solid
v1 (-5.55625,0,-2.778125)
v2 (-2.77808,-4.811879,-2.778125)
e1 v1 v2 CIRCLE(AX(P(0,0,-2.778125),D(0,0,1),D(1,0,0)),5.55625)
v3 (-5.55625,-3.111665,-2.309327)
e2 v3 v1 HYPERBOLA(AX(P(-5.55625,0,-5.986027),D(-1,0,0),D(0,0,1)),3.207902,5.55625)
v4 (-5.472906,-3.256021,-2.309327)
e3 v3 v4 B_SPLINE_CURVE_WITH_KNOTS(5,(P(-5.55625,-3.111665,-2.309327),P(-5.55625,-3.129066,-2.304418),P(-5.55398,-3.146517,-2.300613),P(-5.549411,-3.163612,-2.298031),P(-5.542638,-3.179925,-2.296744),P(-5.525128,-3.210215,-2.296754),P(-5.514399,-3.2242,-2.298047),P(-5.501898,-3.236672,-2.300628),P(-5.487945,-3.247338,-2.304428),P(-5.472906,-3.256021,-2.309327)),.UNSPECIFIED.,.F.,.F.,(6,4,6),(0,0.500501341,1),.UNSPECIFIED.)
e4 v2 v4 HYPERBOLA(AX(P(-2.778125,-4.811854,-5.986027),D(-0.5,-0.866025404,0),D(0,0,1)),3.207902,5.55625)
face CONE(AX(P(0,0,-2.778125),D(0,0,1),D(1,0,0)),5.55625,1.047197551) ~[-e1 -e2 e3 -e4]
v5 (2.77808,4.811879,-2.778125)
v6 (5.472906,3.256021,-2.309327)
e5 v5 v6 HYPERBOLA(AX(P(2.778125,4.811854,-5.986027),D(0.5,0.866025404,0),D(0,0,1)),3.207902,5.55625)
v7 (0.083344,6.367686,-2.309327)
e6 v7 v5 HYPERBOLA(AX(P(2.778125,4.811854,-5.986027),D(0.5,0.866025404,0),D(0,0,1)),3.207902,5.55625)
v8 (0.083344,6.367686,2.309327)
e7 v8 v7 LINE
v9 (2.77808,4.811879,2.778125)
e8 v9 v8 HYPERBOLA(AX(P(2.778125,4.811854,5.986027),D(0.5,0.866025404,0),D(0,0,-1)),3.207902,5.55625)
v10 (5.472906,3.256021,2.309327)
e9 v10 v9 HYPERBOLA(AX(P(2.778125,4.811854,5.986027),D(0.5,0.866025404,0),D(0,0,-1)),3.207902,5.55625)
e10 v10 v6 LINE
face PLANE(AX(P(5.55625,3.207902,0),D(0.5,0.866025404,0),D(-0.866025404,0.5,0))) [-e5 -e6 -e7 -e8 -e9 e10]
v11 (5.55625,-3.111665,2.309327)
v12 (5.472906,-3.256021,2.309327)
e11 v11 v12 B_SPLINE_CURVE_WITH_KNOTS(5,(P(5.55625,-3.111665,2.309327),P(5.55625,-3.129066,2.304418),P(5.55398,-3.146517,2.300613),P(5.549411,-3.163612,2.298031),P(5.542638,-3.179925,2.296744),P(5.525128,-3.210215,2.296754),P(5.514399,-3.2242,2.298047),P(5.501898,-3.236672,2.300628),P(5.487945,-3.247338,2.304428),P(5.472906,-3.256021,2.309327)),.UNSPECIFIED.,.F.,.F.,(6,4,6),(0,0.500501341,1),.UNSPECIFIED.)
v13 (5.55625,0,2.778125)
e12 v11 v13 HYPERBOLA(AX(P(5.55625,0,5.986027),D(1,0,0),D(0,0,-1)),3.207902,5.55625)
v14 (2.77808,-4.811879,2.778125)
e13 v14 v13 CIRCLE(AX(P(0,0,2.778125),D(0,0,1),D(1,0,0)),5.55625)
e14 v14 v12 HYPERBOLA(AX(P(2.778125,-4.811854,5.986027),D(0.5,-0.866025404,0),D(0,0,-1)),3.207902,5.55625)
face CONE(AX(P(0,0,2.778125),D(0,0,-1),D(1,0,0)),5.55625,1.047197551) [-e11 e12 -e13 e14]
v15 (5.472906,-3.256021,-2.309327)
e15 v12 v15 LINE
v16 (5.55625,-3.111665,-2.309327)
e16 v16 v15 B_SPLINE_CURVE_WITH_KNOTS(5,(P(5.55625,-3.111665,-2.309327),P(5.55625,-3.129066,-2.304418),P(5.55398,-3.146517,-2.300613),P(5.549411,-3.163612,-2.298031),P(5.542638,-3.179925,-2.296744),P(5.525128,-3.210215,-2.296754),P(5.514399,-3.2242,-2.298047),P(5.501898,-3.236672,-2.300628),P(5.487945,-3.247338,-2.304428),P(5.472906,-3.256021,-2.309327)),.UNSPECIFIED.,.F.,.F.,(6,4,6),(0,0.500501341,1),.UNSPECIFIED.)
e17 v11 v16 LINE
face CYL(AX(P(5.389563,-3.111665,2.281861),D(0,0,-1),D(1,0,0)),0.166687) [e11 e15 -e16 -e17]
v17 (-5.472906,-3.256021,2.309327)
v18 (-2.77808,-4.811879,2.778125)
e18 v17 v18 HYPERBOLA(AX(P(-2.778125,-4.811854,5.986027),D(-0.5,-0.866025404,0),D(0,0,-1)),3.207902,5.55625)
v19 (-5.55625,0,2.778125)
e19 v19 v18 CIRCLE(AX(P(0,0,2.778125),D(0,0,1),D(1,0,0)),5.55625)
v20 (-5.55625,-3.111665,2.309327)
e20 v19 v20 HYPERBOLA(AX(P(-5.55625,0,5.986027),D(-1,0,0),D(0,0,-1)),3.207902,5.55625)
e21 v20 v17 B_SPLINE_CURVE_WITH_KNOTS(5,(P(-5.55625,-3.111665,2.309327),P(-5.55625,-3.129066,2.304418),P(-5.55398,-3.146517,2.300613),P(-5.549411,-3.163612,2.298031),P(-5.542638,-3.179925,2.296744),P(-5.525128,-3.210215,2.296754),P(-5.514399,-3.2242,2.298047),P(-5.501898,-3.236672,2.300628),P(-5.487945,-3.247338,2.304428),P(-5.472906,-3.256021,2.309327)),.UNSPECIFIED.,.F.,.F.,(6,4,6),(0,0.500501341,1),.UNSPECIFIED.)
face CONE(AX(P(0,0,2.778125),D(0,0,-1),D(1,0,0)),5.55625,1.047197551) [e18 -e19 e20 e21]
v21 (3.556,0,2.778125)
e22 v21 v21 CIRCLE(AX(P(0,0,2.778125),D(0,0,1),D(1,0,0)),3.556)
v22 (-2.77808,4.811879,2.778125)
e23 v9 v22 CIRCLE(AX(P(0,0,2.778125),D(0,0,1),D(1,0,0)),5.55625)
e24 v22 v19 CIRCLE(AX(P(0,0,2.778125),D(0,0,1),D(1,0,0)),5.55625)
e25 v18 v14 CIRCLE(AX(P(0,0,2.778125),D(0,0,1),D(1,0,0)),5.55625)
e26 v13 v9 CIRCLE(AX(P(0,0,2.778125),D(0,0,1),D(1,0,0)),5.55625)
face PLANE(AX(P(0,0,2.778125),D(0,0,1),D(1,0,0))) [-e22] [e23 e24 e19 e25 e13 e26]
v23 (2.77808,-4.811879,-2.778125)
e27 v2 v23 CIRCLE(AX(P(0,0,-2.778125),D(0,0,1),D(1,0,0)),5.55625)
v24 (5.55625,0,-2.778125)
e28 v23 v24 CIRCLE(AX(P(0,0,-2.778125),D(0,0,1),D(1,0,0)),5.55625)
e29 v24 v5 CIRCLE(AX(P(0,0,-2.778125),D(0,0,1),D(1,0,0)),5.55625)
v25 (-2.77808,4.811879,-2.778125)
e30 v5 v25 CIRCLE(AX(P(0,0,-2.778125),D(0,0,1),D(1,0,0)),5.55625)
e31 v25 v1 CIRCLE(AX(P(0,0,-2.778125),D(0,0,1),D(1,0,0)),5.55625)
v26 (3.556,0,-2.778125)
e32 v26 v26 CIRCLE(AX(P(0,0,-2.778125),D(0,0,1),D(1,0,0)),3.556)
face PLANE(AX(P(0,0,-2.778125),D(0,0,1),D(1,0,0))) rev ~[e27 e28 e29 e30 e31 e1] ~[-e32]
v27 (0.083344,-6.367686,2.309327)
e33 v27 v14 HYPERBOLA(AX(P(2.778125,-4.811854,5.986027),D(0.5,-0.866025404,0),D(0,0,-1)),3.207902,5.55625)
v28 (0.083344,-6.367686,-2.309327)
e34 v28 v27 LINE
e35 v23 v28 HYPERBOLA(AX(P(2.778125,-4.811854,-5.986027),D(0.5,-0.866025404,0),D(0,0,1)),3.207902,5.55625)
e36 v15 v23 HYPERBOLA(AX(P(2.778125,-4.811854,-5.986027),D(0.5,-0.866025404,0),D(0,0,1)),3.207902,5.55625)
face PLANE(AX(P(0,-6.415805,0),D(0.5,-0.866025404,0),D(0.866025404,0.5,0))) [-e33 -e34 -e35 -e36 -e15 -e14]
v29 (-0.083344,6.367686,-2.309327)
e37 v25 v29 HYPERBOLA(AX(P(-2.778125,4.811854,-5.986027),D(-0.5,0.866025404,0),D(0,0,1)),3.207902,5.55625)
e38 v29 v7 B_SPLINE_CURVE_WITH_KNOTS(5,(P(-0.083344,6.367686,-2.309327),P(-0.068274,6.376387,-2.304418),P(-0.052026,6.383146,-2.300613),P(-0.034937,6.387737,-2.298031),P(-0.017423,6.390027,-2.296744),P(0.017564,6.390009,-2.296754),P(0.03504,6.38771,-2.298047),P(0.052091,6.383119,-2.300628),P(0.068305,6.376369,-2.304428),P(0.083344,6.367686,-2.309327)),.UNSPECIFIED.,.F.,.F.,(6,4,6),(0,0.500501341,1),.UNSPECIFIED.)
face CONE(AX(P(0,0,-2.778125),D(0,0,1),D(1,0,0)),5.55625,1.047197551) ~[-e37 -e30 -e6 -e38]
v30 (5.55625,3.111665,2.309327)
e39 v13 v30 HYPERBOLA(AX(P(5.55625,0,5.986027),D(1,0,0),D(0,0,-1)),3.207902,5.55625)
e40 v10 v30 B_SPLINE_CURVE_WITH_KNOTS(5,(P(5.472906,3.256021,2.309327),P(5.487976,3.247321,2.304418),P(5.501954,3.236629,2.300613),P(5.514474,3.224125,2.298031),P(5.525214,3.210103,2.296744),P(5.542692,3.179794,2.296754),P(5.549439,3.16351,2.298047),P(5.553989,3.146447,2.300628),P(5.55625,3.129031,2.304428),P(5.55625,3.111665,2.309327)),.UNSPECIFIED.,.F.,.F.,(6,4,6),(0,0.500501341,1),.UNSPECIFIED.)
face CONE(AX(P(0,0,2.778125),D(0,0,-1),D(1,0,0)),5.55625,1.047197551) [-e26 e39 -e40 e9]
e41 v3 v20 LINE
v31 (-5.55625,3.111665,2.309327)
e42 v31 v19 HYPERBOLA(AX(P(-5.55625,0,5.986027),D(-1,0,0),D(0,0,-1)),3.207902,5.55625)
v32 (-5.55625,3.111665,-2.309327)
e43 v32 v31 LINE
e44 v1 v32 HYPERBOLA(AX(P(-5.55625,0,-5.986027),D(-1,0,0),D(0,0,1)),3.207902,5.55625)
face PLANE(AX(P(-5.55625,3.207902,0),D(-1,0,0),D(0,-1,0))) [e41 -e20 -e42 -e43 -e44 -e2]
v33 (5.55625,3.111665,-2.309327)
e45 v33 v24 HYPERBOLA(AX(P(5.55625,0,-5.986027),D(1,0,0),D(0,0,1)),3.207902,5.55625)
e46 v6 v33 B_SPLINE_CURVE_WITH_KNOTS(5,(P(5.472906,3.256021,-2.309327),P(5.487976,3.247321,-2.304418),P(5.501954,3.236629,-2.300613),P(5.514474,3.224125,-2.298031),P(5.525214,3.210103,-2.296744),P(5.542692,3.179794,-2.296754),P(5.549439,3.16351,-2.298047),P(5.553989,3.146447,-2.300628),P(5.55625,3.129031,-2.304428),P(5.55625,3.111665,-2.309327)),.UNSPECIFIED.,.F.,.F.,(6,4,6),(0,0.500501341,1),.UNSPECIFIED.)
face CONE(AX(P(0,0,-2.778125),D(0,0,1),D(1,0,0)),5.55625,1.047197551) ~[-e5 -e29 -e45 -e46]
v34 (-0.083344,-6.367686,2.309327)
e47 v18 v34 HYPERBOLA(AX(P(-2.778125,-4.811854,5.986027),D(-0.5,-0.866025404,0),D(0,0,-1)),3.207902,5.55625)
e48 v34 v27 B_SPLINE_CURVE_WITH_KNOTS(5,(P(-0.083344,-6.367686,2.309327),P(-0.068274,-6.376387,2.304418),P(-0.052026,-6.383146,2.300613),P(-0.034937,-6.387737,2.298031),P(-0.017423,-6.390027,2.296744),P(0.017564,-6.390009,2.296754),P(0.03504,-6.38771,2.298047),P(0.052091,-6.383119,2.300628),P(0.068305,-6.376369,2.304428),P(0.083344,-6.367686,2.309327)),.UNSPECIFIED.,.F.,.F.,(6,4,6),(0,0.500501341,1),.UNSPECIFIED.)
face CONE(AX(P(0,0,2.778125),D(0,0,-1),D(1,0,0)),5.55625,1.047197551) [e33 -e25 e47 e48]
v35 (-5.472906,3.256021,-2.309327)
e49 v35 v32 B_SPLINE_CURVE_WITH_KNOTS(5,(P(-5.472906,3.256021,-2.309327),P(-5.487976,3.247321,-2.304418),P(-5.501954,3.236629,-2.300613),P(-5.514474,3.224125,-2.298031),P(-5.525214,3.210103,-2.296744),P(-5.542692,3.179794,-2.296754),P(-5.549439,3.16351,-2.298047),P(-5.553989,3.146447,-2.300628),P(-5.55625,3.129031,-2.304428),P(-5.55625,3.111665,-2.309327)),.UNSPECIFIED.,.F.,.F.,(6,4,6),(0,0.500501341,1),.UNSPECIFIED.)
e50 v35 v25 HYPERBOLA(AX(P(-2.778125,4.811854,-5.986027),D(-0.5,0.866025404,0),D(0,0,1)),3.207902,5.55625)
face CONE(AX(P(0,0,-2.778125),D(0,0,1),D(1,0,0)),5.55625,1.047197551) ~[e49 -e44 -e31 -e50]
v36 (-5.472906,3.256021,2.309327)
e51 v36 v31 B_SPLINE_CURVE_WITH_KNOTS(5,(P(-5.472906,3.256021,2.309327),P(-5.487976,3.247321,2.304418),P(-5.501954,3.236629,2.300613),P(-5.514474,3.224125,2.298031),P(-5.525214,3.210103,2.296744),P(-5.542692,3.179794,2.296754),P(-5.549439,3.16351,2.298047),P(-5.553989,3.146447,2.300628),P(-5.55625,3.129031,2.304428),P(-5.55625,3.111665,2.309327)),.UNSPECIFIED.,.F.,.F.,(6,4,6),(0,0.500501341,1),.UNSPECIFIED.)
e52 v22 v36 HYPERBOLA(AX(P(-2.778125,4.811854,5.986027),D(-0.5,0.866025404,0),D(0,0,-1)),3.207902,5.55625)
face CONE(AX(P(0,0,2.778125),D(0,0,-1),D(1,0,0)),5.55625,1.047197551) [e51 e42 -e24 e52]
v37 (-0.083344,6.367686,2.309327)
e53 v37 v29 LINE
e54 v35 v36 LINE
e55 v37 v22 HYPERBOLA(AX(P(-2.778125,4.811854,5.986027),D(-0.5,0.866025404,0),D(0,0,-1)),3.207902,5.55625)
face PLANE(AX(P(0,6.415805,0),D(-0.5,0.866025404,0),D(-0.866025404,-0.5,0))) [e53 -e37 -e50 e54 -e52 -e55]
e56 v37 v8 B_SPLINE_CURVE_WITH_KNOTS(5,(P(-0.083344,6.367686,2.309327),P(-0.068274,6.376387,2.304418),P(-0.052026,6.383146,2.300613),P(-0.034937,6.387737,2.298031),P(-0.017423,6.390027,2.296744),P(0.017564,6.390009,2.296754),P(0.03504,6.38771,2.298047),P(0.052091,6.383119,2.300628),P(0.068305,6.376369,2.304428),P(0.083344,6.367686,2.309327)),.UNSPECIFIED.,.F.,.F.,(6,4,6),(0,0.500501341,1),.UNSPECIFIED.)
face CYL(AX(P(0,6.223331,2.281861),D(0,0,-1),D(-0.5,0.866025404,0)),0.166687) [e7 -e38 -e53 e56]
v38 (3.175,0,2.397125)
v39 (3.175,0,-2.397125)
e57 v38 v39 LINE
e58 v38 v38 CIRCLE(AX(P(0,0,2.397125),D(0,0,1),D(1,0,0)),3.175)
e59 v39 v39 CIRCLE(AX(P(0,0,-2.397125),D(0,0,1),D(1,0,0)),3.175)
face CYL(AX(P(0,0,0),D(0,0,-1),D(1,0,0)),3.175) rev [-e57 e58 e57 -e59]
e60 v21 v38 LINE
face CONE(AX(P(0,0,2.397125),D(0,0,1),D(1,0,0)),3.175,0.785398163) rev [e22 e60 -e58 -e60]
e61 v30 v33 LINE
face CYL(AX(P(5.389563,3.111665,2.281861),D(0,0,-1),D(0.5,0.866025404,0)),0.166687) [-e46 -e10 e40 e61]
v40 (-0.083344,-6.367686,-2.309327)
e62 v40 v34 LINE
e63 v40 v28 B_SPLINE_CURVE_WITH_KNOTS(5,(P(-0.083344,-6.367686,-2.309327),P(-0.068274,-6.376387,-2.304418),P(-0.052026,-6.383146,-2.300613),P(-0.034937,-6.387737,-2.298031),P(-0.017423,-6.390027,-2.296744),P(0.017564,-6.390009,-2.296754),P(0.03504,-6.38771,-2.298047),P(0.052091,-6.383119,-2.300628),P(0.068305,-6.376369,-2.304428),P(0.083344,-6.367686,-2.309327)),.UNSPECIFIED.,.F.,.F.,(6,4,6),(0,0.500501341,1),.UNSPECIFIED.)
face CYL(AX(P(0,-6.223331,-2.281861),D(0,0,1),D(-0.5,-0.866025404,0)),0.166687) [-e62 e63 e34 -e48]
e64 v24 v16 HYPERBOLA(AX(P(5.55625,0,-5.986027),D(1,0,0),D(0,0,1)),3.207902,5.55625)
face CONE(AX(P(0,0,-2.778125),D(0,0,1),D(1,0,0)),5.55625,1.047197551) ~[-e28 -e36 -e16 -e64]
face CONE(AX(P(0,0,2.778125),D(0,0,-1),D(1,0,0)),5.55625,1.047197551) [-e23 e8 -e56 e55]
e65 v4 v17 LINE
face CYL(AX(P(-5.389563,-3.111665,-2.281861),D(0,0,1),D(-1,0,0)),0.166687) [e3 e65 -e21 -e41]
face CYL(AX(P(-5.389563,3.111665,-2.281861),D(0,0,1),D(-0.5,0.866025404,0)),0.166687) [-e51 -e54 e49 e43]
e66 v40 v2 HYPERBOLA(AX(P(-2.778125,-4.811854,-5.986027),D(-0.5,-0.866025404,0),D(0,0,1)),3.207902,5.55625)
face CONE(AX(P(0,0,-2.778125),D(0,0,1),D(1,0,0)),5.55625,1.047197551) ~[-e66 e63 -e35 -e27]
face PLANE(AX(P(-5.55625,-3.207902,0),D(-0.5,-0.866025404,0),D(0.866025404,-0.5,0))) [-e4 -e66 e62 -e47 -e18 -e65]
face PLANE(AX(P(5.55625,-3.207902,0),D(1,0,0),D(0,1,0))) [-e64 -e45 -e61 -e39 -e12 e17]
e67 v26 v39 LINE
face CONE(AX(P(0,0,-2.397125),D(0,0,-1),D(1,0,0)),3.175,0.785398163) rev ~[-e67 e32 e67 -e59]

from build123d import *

# Parameters (mm, degrees)
SKETCH3_R           = 3.175
BOSS_EXTRUDE1_DEPTH = 2.778125
SKETCH4_OUTSIDE_W   = 55.29
SKETCH4_OUTSIDE_H   = 57.01
SKETCH4_OUTSIDE_R   = 5.55625
CUT_EXTRUDE1_DEPTH  = 11.1442782
CUT_EXTRUDE1_DRAFT  = -60
CUT_EXTRUDE2_START  = -5.55625
SKETCH4_2_OUTSIDE_W = 74.536
SKETCH4_2_OUTSIDE_H = 76.256
SKETCH4_2_OUTSIDE_R = 5.55625
CUT_EXTRUDE2_DEPTH  = 16.7005282
CUT_EXTRUDE2_DRAFT  = 60
FILLET1_R           = 0.1666875
CHAMFER1_SIZE       = 0.381


with BuildPart() as part:
    # Sketch3 → Boss-Extrude1 (new, symmetric)
    with BuildSketch(Plane.XY):
        Polygon((0, 6.415804866), (-5.55625, 3.207902433), (-5.55625, -3.207902433), (0, -6.415804866), (5.55625, -3.207902433), (5.55625, 3.207902433), align=None)
        Circle(SKETCH3_R, mode=Mode.SUBTRACT)
    extrude(amount=BOSS_EXTRUDE1_DEPTH, both=True)


with BuildPart() as cut_extrude1_tool:
    # Sketch4 outside → Cut-Extrude1 (with draft: the straight prism first)
    with BuildSketch(Plane.XY.offset(2.778125)):
        Rectangle(SKETCH4_OUTSIDE_W, SKETCH4_OUTSIDE_H)
        Circle(SKETCH4_OUTSIDE_R, mode=Mode.SUBTRACT)
    extrude(amount=-CUT_EXTRUDE1_DEPTH)
    # Cut-Extrude1: the draft: its side faces are tilted about the plane it starts from
    cut_extrude1_sides = [cut_extrude1_tool.faces().sort_by_distance(p)[0] for p in [
        (0, -28.505, -2.7940141),
        (27.645, 0, -2.7940141),
        (0, 28.505, -2.7940141),
        (-27.645, 0, -2.7940141),
        (-5.55625, 0, -2.7940141),
    ]]
    draft(cut_extrude1_sides, Plane.XY.offset(2.778125), CUT_EXTRUDE1_DRAFT)


with BuildPart() as part_1:
    add(part.part)

    # Cut-Extrude1: cut by cut_extrude1_tool
    add(cut_extrude1_tool.part, mode=Mode.SUBTRACT)


with BuildPart() as cut_extrude2_tool:
    # Sketch4<2> outside → Cut-Extrude2 (with draft: the straight prism first)
    with BuildSketch(Plane.XY.offset(2.778125).offset(CUT_EXTRUDE2_START)):
        Rectangle(SKETCH4_2_OUTSIDE_W, SKETCH4_2_OUTSIDE_H)
        Circle(SKETCH4_2_OUTSIDE_R, mode=Mode.SUBTRACT)
    extrude(amount=CUT_EXTRUDE2_DEPTH)
    # Cut-Extrude2: the draft: its side faces are tilted about the plane it starts from
    cut_extrude2_sides = [cut_extrude2_tool.faces().sort_by_distance(p)[0] for p in [
        (0, -38.128, 5.5721391),
        (37.268, 0, 5.5721391),
        (0, 38.128, 5.5721391),
        (-37.268, 0, 5.5721391),
        (-5.55625, 0, 5.5721391),
    ]]
    draft(cut_extrude2_sides, Plane.XY.offset(2.778125).offset(CUT_EXTRUDE2_START), CUT_EXTRUDE2_DRAFT)


with BuildPart() as part_2:
    add(part_1.part)

    # Cut-Extrude2: cut by cut_extrude2_tool
    add(cut_extrude2_tool.part, mode=Mode.SUBTRACT)

    # Fillet1
    fillet1_edges = [part_2.edges().sort_by_distance(p)[0] for p in [
        (5.55625, -3.207902433, 0),
        (0, -6.415804866, 0),
        (-5.55625, -3.207902433, 0),
        (-5.55625, 3.207902433, 0),
        (0, 6.415804866, 0),
        (5.55625, 3.207902433, 0),
    ]]
    fillet(fillet1_edges, radius=FILLET1_R)

    # Chamfer1
    chamfer1_edges = [part_2.edges().sort_by_distance(p)[0] for p in [
        (-3.175, 0, -2.778125),
        (-3.175, 0, 2.778125),
    ]]
    chamfer(chamfer1_edges, length=CHAMFER1_SIZE)


solid = part_2.part
